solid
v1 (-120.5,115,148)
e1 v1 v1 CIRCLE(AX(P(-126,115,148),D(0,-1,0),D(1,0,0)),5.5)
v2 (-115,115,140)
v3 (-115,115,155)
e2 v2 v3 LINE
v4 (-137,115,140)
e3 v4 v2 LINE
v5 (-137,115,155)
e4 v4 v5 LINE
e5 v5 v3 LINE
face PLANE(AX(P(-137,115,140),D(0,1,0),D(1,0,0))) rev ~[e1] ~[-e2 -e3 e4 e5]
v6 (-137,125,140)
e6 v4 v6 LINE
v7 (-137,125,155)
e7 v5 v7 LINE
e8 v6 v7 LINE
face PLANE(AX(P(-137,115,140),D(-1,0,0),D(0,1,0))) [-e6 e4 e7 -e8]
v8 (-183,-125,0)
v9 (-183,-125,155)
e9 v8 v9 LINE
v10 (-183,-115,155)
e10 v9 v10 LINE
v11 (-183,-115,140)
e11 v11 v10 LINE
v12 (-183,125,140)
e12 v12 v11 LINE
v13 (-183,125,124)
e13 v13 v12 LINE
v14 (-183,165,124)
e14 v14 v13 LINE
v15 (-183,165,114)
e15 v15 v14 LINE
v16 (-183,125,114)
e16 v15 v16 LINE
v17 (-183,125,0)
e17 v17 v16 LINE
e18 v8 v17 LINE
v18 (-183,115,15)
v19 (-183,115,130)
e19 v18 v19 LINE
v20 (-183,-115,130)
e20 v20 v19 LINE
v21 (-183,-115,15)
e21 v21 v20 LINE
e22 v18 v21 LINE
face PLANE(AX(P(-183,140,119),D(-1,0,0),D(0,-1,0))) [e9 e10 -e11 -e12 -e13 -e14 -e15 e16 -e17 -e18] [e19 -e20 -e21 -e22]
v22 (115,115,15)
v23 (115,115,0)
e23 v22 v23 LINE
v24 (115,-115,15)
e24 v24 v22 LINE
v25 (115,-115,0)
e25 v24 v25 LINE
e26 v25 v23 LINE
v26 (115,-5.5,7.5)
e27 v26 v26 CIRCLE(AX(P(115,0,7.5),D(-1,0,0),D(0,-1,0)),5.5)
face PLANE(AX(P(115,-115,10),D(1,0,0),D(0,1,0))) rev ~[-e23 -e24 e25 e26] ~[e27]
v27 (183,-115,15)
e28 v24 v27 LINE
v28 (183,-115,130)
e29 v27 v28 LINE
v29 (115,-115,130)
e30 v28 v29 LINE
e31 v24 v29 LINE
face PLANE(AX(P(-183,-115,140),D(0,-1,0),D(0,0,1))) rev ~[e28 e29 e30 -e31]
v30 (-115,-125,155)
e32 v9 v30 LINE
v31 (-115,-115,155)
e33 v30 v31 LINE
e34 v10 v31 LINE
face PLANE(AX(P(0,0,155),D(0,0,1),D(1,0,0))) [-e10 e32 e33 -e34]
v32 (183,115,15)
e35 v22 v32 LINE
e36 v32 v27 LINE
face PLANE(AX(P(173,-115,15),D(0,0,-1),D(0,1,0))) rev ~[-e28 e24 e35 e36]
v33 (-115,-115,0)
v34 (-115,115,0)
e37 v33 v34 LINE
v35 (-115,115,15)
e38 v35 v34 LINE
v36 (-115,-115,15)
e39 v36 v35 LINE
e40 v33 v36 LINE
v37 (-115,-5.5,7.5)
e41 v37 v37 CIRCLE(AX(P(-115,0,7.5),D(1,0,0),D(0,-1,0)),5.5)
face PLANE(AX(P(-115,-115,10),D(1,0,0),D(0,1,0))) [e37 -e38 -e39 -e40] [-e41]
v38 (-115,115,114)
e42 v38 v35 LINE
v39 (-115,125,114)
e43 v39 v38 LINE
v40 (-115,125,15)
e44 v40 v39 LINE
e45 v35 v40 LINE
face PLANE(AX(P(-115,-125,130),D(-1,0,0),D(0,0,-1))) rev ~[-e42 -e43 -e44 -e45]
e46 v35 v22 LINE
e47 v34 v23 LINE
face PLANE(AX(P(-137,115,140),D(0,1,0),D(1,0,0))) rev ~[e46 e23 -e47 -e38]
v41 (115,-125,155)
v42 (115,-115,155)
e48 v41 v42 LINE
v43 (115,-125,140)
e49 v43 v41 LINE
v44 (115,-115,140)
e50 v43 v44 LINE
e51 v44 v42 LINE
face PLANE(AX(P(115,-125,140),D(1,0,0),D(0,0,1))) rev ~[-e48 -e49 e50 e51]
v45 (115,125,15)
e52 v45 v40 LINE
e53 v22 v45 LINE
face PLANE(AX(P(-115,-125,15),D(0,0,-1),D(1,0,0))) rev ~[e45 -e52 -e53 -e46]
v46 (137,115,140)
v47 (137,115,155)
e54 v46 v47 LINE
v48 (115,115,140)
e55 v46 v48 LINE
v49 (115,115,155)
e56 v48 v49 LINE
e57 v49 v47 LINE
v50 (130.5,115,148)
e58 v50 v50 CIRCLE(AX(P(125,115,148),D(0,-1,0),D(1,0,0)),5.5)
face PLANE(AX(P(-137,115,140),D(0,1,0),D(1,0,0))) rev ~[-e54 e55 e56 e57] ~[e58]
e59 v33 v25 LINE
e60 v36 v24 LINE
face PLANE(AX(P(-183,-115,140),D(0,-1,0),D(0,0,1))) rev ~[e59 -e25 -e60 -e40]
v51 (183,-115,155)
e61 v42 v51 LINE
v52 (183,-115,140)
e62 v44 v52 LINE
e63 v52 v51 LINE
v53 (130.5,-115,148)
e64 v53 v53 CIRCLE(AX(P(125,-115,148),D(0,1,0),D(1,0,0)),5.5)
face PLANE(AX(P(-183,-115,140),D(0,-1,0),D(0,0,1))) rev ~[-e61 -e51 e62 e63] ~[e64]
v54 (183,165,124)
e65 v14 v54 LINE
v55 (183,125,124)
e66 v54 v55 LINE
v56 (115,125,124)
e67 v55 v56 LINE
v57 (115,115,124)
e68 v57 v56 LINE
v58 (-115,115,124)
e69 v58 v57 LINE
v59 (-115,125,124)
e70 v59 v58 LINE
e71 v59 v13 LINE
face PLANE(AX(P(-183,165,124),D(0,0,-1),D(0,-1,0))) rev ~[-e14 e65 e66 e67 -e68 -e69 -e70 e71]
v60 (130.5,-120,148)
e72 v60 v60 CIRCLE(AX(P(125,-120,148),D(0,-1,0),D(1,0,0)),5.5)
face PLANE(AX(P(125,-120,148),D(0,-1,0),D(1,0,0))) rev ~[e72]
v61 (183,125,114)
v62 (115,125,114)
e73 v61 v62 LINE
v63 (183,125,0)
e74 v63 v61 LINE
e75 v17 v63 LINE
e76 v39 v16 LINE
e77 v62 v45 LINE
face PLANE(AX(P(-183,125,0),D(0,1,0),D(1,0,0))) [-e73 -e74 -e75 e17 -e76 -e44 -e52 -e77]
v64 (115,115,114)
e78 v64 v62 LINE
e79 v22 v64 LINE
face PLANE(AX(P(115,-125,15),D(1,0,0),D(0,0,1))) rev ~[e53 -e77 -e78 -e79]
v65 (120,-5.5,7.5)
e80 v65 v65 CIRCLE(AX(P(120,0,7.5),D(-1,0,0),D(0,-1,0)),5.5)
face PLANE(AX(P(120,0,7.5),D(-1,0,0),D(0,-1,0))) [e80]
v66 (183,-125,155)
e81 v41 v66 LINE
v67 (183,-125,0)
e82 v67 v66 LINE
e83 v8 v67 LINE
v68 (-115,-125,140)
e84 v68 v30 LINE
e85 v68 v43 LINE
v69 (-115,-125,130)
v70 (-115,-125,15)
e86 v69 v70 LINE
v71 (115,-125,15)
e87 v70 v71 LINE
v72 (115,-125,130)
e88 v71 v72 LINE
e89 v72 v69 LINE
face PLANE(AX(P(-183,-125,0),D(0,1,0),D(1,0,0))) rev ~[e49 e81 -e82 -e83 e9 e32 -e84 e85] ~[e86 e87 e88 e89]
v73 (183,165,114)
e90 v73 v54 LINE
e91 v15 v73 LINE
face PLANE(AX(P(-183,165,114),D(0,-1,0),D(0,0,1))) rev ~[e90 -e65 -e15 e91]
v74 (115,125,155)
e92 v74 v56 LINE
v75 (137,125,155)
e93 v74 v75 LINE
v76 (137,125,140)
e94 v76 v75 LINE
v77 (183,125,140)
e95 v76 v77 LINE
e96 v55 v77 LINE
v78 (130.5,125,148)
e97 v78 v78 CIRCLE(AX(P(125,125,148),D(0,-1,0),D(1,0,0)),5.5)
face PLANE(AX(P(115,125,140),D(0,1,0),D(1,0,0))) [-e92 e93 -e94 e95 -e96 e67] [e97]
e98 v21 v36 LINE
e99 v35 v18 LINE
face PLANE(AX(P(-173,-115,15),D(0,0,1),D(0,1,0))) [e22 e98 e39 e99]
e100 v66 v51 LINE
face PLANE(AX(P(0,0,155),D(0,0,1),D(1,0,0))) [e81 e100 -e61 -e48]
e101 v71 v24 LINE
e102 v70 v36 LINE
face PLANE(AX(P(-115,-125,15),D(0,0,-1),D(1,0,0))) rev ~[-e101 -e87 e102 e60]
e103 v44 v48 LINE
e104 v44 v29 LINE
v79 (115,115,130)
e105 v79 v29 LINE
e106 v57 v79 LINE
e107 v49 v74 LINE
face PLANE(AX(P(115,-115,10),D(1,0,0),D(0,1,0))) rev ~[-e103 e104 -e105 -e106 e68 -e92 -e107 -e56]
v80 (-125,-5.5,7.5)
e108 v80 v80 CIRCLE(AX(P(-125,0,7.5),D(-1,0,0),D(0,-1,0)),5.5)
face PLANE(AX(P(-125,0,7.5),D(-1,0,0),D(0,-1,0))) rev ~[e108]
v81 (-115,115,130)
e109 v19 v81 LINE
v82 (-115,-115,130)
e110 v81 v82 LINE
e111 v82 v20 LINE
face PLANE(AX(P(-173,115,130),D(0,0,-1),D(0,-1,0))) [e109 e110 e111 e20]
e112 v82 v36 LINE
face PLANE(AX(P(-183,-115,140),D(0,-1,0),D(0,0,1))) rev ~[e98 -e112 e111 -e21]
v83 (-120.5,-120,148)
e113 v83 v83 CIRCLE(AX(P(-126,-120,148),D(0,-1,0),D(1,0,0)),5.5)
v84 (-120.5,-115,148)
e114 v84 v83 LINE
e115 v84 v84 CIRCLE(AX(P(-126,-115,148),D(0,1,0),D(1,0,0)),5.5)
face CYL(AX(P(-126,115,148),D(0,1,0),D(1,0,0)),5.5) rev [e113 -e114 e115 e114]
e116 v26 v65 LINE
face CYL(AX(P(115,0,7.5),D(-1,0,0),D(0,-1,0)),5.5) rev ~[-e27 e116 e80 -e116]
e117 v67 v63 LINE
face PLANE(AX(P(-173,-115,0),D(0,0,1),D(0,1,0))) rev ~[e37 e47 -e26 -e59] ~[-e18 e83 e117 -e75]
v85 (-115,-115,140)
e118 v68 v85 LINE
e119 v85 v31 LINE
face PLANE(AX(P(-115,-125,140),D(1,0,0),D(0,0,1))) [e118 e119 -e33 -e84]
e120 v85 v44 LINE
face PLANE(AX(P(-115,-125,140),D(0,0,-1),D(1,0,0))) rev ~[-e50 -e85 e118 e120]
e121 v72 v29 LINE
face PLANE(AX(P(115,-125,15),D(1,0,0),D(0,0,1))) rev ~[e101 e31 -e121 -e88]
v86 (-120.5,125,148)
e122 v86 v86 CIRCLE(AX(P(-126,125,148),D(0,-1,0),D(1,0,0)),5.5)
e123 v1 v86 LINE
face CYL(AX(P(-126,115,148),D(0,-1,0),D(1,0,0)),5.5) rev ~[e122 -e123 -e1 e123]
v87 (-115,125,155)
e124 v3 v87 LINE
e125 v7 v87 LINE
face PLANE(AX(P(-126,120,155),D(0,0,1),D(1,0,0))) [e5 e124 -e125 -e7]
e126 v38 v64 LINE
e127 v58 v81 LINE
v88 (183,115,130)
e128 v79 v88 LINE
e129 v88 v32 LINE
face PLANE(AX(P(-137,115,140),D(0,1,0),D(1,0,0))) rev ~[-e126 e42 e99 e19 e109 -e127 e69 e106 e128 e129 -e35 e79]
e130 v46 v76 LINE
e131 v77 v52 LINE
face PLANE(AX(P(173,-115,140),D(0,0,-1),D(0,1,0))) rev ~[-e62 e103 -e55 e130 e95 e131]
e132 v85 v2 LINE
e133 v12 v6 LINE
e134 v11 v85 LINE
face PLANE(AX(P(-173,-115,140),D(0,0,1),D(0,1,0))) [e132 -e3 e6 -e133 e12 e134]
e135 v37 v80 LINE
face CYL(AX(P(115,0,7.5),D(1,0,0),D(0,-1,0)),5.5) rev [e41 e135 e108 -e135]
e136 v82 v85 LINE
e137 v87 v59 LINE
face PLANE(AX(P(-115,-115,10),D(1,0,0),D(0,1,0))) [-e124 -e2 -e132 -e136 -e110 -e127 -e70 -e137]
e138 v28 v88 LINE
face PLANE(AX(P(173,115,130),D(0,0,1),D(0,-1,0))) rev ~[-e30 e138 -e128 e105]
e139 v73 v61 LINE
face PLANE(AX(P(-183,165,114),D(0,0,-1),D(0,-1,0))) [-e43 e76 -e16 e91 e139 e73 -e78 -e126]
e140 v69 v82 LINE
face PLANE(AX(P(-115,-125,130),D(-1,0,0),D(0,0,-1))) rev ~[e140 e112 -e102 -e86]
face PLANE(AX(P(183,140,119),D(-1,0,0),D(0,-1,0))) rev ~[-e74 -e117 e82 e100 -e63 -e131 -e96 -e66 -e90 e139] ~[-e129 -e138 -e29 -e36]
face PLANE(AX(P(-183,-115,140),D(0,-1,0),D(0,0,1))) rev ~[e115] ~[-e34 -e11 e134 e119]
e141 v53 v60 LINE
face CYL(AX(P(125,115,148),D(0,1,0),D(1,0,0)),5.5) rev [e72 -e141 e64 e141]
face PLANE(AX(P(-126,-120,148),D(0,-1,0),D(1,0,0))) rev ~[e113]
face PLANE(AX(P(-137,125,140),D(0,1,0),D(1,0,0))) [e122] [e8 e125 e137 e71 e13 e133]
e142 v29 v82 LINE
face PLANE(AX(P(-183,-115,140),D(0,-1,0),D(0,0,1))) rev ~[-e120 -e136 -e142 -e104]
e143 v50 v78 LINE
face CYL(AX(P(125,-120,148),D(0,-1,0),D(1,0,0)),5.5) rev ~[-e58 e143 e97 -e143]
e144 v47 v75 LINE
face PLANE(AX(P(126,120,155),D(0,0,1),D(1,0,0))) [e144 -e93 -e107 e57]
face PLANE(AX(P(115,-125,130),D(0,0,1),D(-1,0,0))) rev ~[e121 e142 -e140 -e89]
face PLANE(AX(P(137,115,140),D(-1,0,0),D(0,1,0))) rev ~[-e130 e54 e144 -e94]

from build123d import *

# Parameters (mm, degrees)
F0_W      = 366
F0_H      = 250
F1_DEPTH  = 155
F2_T      = -10
F3_W      = 346
F3_H      = 230
F4_DEPTH  = 25
F5_W      = 230
F5_H      = 15
F6_DEPTH  = 500
F7_W      = 240
F7_H      = 15
F8_DEPTH  = 500
F9_W      = 50
F9_H      = 10
F10_DEPTH = 366
F11_W     = 230
F11_H     = 6
F11_H_2   = 10
F12_DEPTH = 200
F13_W     = 22
F13_H     = 10
F14_DEPTH = 15
F15_W     = 22
F15_H     = 10
F16_DEPTH = 15
F17_DEPTH = 58
F18_DEPTH = 58
F19_DEPTH = 58
F20_DEPTH = 58
F21_R     = 5.5
F22_DEPTH = 235
F23_R     = 5.5
F24_DEPTH = 25
F25_R     = 5.5
F26_DEPTH = 240
F27_DEPTH = 260
F28_R     = 5.5
F29_DEPTH = 235
F30_R     = 5.5
F31_DEPTH = 5


with BuildPart() as f1:
    # F0 (on Top) → F1 (new body)
    with BuildSketch(Plane.XY):
        Rectangle(F0_W, F0_H)
    extrude(amount=F1_DEPTH)

    # F2
    f2_openings = [f1.faces().sort_by_distance(p)[0] for p in [
        (0, 0, 155),
    ]]
    offset(amount=F2_T, openings=f2_openings)

    # F3 (on face) → F4 (cut)
    with BuildSketch(Plane.XY.offset(10)):
        Rectangle(F3_W, F3_H)
    extrude(amount=-F4_DEPTH, mode=Mode.SUBTRACT)

    # F5 (on face) → F6 (cut)
    with BuildSketch(Plane.XZ.offset(125)):
        Polygon((115, 130), (-115, 130), (-115, 15), (0, 15), (115, 15), align=None)
        with Locations((0, 147.5)):
            Rectangle(F5_W, F5_H)
    extrude(amount=-F6_DEPTH, mode=Mode.SUBTRACT)

    # F7 (on face) → F8 (cut)
    with BuildSketch(Plane(origin=(-183, 0, 0), x_dir=(0, -1, 0), z_dir=(-1, 0, 0))):
        with Locations((-5, 147.5)):
            Rectangle(F7_W, F7_H)
        Polygon((-115, 15), (0, 15), (115, 15), (115, 130), (-115, 130), align=None)
    extrude(amount=-F8_DEPTH, mode=Mode.SUBTRACT)

    # F9 (on face) → F10 (join, through all)
    with BuildSketch(Plane(origin=(-183, 0, 0), x_dir=(0, -1, 0), z_dir=(-1, 0, 0))):
        with Locations((-140, 119)):
            Rectangle(F9_W, F9_H)
    extrude(amount=-F10_DEPTH)

    # F11 (on face) → F12 (cut)
    with BuildSketch(Plane(origin=(0, 125, 0), x_dir=(-1, 0, 0), z_dir=(0, 1, 0))):
        with Locations((0, 127)):
            Rectangle(F11_W, F11_H)
        with Locations((0, 135)):
            Rectangle(F11_W, F11_H_2)
    extrude(amount=-F12_DEPTH, mode=Mode.SUBTRACT)

    # F13 (on face) → F14 (join)
    with BuildSketch(Plane.XY.offset(140)):
        with Locations((126, 120)):
            Rectangle(F13_W, F13_H)
    extrude(amount=F14_DEPTH)

    # F15 (on face) → F16 (join)
    with BuildSketch(Plane.XY.offset(140)):
        with Locations((-126, 120)):
            Rectangle(F15_W, F15_H)
    extrude(amount=F16_DEPTH)

    # F17 (add, through all): a face of the model
    f17_faces = [f1.faces().sort_by_distance(p)[0] for p in [
        (173, 0, 135),
    ]]
    extrude(f17_faces, amount=F17_DEPTH)

    # F18 (add, through all): a face of the model
    f18_faces = [f1.faces().sort_by_distance(p)[0] for p in [
        (-173, 0, 135),
    ]]
    extrude(f18_faces, amount=F18_DEPTH)

    # F19 (add, through all): a face of the model
    f19_faces = [f1.faces().sort_by_distance(p)[0] for p in [
        (173, 0, 7.5),
    ]]
    extrude(f19_faces, amount=F19_DEPTH)

    # F20 (add, through all): a face of the model
    f20_faces = [f1.faces().sort_by_distance(p)[0] for p in [
        (-173, 0, 7.5),
    ]]
    extrude(f20_faces, amount=F20_DEPTH)

    # F21 (on face) → F22 (cut)
    with BuildSketch(Plane.XZ.offset(-115)):
        with Locations((125, 148)):
            Circle(F21_R)
    extrude(amount=F22_DEPTH, mode=Mode.SUBTRACT)

    # F23 (on face) → F24 (cut)
    with BuildSketch(Plane.XZ.offset(-115)):
        with Locations((-126, 148)):
            Circle(F23_R)
    extrude(amount=-F24_DEPTH, mode=Mode.SUBTRACT)

    # F25 (on face) → F26 (cut)
    with BuildSketch(Plane(origin=(115, 0, 0), x_dir=(0, -1, 0), z_dir=(-1, 0, 0))):
        with Locations((0, 7.5)):
            Circle(F25_R)
    extrude(amount=F26_DEPTH, mode=Mode.SUBTRACT)

    # F27 (cut): a face of the model
    f27_faces = [f1.faces().sort_by_distance(p)[0] for p in [
        (125, -120, 148),
    ]]
    extrude(f27_faces, amount=F27_DEPTH, mode=Mode.SUBTRACT)

    # F28 (on face) → F29 (cut)
    with BuildSketch(Plane.XZ.offset(-115)):
        with Locations((-126, 148)):
            Circle(F28_R)
    extrude(amount=F29_DEPTH, mode=Mode.SUBTRACT)

    # F30 (on face) → F31 (cut)
    with BuildSketch(Plane(origin=(115, 0, 0), x_dir=(0, -1, 0), z_dir=(-1, 0, 0))):
        with Locations((0, 7.5)):
            Circle(F30_R)
    extrude(amount=-F31_DEPTH, mode=Mode.SUBTRACT)


solid = f1.part
